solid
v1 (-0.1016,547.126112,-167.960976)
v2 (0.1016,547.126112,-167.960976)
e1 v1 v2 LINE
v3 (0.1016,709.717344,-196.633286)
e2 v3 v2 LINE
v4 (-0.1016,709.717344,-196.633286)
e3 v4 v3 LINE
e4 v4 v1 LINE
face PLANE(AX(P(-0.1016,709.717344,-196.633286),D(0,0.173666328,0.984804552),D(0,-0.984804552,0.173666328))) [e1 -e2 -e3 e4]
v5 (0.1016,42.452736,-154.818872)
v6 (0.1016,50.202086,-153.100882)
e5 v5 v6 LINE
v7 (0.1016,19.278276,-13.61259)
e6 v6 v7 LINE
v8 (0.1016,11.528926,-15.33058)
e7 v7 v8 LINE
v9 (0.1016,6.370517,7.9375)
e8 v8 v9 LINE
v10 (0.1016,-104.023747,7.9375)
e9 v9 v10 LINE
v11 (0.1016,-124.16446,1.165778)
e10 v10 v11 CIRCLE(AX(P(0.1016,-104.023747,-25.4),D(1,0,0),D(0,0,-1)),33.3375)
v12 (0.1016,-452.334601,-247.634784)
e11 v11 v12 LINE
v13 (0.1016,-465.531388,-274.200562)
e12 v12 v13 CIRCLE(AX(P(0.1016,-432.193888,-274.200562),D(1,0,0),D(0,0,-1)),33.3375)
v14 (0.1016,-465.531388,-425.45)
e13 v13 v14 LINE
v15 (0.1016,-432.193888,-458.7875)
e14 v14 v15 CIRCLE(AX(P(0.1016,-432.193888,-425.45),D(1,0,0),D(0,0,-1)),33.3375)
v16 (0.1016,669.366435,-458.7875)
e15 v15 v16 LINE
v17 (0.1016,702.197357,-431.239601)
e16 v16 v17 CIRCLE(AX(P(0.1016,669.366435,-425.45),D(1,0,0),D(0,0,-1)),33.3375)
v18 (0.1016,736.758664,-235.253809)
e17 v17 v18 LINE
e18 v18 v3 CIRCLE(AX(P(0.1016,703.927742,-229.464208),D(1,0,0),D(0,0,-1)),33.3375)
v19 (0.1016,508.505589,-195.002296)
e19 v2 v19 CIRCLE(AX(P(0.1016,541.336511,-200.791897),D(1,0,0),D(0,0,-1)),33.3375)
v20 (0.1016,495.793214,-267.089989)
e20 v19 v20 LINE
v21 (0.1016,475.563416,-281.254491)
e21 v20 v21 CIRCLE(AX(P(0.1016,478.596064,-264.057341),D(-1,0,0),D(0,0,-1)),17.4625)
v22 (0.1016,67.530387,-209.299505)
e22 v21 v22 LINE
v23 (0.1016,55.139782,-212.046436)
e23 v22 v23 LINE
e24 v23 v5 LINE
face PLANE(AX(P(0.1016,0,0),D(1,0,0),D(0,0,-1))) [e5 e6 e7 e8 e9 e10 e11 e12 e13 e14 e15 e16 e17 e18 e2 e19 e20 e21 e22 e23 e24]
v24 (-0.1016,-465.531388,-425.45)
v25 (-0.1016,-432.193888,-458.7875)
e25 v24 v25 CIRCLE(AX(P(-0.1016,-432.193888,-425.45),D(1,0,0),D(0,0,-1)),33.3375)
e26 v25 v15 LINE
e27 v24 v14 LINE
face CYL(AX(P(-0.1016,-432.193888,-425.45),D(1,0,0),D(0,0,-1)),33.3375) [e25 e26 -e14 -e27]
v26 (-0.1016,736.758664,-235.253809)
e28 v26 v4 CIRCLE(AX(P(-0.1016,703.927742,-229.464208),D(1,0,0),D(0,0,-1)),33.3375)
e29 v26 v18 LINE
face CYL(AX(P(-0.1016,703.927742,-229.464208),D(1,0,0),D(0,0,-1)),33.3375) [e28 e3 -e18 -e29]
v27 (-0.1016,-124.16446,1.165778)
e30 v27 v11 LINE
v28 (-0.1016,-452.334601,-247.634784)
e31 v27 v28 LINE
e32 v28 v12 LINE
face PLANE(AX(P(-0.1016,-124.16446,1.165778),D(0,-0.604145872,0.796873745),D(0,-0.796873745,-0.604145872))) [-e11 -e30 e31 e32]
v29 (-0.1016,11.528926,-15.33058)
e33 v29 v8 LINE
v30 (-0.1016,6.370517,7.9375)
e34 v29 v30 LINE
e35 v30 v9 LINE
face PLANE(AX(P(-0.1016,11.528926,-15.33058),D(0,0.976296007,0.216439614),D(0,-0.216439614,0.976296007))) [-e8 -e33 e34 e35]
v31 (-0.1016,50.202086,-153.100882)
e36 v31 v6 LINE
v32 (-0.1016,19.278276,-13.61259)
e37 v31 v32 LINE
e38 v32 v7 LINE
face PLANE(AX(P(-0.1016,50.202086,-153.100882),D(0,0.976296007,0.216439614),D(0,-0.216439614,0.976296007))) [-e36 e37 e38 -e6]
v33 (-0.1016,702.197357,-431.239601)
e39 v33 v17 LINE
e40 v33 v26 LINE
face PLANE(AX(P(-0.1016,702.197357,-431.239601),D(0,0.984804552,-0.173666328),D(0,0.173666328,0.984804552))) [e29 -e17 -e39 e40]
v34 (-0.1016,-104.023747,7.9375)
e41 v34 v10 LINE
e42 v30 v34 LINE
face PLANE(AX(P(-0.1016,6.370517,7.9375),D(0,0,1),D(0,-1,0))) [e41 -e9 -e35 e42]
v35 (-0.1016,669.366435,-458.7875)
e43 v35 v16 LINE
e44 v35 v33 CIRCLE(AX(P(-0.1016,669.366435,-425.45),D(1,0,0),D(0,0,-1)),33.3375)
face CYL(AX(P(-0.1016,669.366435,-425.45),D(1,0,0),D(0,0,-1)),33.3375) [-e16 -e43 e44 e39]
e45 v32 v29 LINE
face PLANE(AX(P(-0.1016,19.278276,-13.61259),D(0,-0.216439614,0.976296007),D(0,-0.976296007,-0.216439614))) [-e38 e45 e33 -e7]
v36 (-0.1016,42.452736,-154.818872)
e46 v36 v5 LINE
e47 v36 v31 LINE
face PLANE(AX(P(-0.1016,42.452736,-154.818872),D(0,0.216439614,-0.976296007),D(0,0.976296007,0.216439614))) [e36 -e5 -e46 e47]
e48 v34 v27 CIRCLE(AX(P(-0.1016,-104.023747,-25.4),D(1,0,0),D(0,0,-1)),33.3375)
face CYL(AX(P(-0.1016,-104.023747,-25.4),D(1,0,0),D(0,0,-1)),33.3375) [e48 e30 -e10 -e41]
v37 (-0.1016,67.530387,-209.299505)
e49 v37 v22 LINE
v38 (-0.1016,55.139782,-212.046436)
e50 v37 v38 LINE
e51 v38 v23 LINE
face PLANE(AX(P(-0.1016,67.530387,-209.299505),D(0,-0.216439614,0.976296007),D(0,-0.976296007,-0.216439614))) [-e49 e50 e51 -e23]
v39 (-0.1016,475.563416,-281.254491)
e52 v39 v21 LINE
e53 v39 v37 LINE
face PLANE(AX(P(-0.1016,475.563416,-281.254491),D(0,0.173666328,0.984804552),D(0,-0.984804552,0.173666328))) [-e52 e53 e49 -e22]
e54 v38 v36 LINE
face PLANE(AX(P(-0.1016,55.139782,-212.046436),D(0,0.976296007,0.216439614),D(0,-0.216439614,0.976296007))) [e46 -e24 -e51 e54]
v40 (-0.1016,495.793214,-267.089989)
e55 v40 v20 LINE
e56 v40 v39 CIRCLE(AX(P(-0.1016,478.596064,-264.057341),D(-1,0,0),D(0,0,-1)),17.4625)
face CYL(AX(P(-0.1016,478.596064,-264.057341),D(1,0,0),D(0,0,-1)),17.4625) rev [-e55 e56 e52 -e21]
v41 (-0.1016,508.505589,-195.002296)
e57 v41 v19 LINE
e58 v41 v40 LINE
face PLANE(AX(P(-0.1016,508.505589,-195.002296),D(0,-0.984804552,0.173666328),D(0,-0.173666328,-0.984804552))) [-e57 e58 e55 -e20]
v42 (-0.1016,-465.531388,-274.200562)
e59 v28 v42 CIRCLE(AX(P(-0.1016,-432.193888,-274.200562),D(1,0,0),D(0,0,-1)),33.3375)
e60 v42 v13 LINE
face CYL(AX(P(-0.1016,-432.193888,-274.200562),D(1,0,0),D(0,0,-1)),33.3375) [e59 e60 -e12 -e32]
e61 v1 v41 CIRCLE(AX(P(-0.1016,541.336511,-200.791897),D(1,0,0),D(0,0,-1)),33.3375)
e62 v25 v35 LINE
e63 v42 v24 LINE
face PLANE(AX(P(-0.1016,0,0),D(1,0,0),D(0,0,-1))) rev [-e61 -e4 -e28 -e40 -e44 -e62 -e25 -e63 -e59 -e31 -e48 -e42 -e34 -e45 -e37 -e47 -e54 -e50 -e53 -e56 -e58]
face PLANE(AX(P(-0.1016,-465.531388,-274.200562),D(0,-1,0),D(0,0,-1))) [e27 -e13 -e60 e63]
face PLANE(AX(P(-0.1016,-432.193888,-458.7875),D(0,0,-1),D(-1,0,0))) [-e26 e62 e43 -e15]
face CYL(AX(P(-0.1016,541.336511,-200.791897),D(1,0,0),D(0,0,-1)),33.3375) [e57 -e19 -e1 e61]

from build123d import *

# Parameters (mm, degrees)
BOSS_EXTRUDE1_DEPTH = 0.1016
FILLET1_R           = 25.4
BOSS_EXTRUDE2_DEPTH = 0.2032
FILLET2_R           = 6.35
BOSS_EXTRUDE3_DEPTH = 0.2032


with BuildPart() as part:
    # Sketch1 → Boss-Extrude1 (new body, symmetric)
    with BuildSketch(Plane(origin=(0, 0, 0), x_dir=(0, 0, -1), z_dir=(1, 0, 0))):
        Polygon((0, 0), (0, -112.563749307), (261.582885953, -457.593888215), (450.85, -457.593888215), (450.85, 690.679166755), (208.861297127, 733.352902663), (171.366736958, 520.733599781), (293.482501466, 499.198975136), (217.390599948, 67.706860465), (221.513774593, 49.108421529), align=None)
    extrude(amount=BOSS_EXTRUDE1_DEPTH, both=True)

    # Fillet1
    fillet1_edges = [part.edges().sort_by_distance(p)[0] for p in [
        (0, 499.198975136, -293.482501466),
        (0, 520.733599781, -171.366736958),
        (0, 733.352902663, -208.861297127),
        (0, 690.679166755, -450.85),
        (0, -457.593888215, -450.85),
        (0, -457.593888215, -261.582885953),
        (0, -112.563749307, 0),
    ]]
    fillet(fillet1_edges, radius=FILLET1_R)

    # Sketch5 → Boss-Extrude2 (add)
    with BuildSketch(Plane(origin=(0.1016, 0, 0), x_dir=(0, 0, -1), z_dir=(1, 0, 0))):
        Polygon((24.797918581, 5.497566194), (23.079929145, 13.246915751), (147.069522049, 40.734746721), (148.787511485, 32.985397164), align=None)
    extrude(amount=-BOSS_EXTRUDE2_DEPTH)

    # Fillet2
    fillet2_edges = [part.edges().sort_by_distance(p)[0] for p in [
        (0, 32.985397164, -148.787511485),
        (0, 5.497566194, -24.797918581),
    ]]
    fillet(fillet2_edges, radius=FILLET2_R)

    # Sketch7 → Boss-Extrude3 (add)
    with BuildSketch(Plane(origin=(0.1016, 0, 0), x_dir=(0, 0, -1), z_dir=(1, 0, 0))):
        with BuildLine():
            Line((274.200562117, -465.531388215), (425.45, -465.531388215))
            ThreePointArc((425.45, -465.531388215), (449.023172318, -455.767060533), (458.7875, -432.193888215))
            Line((458.7875, -432.193888215), (458.7875, 669.366434984))
            ThreePointArc((458.7875, 669.366434984), (450.988204091, 690.795131586), (431.239601202, 702.197356752))
            Line((431.239601202, 702.197356752), (235.253809237, 736.758664072))
            ThreePointArc((235.253809237, 736.758664072), (210.34310689, 731.236575989), (196.633286266, 709.717343506))
            Line((196.633286266, 709.717343506), (167.960975549, 547.126111891))
            ThreePointArc((167.960975549, 547.126111891), (173.483063631, 522.215409544), (195.002296115, 508.50558892))
            Line((195.002296115, 508.50558892), (267.089989356, 495.793213726))
            ThreePointArc((267.089989356, 495.793213726), (278.361968276, 488.611879114), (281.254490605, 475.56341598))
            Line((281.254490605, 475.56341598), (209.299504588, 67.530386732))
            Line((209.299504588, 67.530386732), (212.046435601, 55.13978165))
            Line((212.046435601, 55.13978165), (154.818871606, 42.452736156))
            Line((154.818871606, 42.452736156), (153.10088217, 50.202085713))
            Line((153.10088217, 50.202085713), (13.612590153, 19.278275871))
            Line((13.612590153, 19.278275871), (15.330579589, 11.528926315))
            Line((15.330579589, 11.528926315), (-7.9375, 6.37051726))
            Line((-7.9375, 6.37051726), (-7.9375, -104.02374744))
            ThreePointArc((-7.9375, -104.02374744), (-6.199252731, -114.648065445), (-1.165778481, -124.164460435))
            Line((-1.165778481, -124.164460435), (247.634783637, -452.33460121))
            ThreePointArc((247.634783637, -452.33460121), (259.369043538, -462.050461408), (274.200562117, -465.531388215))
        make_face()
    extrude(amount=-BOSS_EXTRUDE3_DEPTH)


solid = part.part
